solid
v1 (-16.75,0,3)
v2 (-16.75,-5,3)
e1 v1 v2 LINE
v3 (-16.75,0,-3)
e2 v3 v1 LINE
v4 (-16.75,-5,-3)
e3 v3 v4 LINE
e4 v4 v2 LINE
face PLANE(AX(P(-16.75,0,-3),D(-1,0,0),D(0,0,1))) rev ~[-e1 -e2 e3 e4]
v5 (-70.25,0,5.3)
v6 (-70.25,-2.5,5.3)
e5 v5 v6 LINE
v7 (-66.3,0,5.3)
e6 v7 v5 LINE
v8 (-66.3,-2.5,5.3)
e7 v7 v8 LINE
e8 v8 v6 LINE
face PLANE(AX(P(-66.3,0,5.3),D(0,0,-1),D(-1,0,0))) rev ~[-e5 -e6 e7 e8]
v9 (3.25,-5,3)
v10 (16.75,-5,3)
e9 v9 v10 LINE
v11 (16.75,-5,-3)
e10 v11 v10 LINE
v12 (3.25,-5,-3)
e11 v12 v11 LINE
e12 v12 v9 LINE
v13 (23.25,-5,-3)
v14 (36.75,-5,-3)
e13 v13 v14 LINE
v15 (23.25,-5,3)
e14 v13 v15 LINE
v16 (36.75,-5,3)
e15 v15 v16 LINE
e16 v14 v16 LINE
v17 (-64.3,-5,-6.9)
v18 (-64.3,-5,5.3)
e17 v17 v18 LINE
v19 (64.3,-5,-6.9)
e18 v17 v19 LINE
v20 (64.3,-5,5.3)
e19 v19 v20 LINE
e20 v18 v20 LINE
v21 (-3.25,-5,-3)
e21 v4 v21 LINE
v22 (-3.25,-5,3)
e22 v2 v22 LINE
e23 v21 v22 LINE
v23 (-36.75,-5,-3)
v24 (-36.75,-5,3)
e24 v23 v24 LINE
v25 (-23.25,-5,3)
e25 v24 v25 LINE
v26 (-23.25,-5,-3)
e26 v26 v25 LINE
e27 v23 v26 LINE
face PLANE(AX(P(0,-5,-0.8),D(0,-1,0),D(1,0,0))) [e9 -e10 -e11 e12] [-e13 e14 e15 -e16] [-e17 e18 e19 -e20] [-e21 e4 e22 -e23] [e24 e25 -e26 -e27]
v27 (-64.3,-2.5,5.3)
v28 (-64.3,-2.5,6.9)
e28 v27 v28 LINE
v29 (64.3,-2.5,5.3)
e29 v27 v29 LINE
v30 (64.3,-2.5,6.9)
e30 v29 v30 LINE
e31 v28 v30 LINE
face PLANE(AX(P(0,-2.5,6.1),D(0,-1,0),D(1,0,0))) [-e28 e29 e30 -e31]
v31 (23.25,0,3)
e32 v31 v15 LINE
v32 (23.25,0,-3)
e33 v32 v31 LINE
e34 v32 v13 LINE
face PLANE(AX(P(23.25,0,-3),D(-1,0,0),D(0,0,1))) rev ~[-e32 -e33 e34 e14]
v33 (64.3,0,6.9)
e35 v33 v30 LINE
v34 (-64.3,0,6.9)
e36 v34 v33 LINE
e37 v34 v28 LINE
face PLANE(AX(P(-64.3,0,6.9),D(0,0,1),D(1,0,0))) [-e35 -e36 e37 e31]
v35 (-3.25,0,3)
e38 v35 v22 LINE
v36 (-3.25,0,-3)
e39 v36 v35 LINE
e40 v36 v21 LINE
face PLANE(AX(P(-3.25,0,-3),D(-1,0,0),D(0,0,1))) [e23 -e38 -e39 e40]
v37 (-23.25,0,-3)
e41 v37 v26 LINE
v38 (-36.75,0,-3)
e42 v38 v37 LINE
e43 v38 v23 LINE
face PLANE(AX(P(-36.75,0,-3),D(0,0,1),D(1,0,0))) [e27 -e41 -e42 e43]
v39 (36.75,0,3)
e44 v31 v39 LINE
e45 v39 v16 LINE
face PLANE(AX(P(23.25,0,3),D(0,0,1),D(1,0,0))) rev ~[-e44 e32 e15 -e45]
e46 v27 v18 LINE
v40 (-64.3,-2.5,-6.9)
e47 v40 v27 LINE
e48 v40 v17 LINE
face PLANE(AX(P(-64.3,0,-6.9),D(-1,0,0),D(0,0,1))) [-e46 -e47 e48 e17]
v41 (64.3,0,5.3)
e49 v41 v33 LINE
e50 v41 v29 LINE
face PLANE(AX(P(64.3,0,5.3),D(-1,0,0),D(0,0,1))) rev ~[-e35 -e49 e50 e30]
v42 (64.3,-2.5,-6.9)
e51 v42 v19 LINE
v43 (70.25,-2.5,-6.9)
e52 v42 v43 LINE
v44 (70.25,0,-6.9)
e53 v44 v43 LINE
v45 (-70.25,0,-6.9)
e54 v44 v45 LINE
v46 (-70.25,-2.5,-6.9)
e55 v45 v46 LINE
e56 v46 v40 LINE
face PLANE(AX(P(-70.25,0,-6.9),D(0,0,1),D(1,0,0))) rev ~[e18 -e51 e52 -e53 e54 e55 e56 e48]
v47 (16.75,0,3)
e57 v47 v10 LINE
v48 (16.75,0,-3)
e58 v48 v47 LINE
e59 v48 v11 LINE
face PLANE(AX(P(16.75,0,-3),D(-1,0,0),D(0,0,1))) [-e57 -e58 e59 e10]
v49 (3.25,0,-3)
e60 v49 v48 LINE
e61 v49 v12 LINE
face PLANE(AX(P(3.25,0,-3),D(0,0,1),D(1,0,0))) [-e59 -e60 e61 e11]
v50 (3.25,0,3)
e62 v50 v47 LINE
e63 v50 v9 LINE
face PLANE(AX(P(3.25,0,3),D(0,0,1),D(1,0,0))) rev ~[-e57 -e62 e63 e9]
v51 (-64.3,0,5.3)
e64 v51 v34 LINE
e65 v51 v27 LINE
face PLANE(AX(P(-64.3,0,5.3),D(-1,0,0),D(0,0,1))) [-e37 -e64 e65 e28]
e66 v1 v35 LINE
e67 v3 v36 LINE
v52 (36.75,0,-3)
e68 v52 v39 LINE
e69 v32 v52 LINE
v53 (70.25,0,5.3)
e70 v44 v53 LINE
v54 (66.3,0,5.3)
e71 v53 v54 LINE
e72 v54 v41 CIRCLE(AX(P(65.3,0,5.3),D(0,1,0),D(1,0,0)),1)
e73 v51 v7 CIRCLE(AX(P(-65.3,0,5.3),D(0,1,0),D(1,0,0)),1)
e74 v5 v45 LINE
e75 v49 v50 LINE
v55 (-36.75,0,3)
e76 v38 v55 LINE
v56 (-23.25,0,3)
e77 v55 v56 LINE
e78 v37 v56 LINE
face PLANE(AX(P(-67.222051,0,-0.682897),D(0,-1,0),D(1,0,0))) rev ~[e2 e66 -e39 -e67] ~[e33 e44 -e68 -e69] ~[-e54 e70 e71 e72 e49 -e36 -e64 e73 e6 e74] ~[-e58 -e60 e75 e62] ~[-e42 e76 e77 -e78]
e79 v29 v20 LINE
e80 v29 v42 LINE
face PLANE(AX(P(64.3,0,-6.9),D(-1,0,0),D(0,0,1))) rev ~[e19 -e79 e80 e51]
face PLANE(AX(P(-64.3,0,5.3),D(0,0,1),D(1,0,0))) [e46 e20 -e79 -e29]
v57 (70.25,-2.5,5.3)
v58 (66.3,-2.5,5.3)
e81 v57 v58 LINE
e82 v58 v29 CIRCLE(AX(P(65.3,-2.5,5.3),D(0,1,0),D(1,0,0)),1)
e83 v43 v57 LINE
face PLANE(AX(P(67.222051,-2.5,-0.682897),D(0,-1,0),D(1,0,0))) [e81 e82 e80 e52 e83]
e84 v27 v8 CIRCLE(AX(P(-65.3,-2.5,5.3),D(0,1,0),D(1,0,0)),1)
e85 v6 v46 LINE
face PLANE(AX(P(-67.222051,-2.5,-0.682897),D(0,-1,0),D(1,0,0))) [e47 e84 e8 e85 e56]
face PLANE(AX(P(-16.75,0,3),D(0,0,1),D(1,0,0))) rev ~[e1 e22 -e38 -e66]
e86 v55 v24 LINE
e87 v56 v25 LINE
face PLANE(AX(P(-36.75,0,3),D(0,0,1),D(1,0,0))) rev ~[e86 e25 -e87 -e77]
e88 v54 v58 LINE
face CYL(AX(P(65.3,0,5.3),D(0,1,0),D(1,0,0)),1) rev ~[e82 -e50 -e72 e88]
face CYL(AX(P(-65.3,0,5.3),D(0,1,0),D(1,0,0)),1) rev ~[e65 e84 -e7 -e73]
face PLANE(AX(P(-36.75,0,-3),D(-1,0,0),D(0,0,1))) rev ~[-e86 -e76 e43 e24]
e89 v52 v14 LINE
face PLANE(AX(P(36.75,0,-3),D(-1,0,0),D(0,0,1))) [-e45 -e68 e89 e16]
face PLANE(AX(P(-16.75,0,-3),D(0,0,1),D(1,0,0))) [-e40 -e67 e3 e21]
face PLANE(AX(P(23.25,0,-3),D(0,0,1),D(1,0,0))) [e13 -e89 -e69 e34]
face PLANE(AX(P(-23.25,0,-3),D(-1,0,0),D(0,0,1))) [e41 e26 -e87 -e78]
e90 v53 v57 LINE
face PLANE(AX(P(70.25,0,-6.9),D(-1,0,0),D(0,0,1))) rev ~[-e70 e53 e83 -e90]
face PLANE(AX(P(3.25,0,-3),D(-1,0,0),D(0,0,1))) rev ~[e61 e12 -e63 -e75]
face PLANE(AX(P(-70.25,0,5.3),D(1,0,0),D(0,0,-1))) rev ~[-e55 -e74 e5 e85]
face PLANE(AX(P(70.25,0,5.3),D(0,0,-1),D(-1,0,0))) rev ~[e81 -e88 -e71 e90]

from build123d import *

# Parameters (mm, degrees)
F0_W     = 128.6
F0_H     = 12.2
F0_W_2   = 13.5
F0_H_2   = 6
F1_DEPTH = 5
F0_H_3   = 1.6
F2_DEPTH = 2.5


with BuildPart() as f1:
    # F0 (on Front) → F1 (new body)
    with BuildSketch(Plane.XZ):
        with Locations((0, -0.8)):
            Rectangle(F0_W, F0_H)
        with Locations((-30, 0)):
            Rectangle(F0_W_2, F0_H_2, mode=Mode.SUBTRACT)
        with Locations((-10, 0)):
            Rectangle(F0_W_2, F0_H_2, mode=Mode.SUBTRACT)
        with Locations((10, 0)):
            Rectangle(F0_W_2, F0_H_2, mode=Mode.SUBTRACT)
        with Locations((30, 0)):
            Rectangle(F0_W_2, F0_H_2, mode=Mode.SUBTRACT)
    extrude(amount=F1_DEPTH)

    # F0 (on Front) → F2 (join)
    with BuildSketch(Plane.XZ):
        with BuildLine():
            Line((-64.3, -6.9), (-64.3, 5.3))
            ThreePointArc((-64.3, 5.3), (-65.3, 4.3), (-66.3, 5.3))
            Line((-66.3, 5.3), (-70.25, 5.3))
            Line((-70.25, 5.3), (-70.25, -6.9))
            Line((-70.25, -6.9), (-64.3, -6.9))
        make_face()
        with Locations((0, 6.1)):
            Rectangle(F0_W, F0_H_3)
        with BuildLine():
            ThreePointArc((66.3, 5.3), (65.3, 4.3), (64.3, 5.3))
            Line((64.3, 5.3), (64.3, -6.9))
            Line((64.3, -6.9), (70.25, -6.9))
            Line((70.25, -6.9), (70.25, 5.3))
            Line((70.25, 5.3), (66.3, 5.3))
        make_face()
    extrude(amount=F2_DEPTH)


solid = f1.part
